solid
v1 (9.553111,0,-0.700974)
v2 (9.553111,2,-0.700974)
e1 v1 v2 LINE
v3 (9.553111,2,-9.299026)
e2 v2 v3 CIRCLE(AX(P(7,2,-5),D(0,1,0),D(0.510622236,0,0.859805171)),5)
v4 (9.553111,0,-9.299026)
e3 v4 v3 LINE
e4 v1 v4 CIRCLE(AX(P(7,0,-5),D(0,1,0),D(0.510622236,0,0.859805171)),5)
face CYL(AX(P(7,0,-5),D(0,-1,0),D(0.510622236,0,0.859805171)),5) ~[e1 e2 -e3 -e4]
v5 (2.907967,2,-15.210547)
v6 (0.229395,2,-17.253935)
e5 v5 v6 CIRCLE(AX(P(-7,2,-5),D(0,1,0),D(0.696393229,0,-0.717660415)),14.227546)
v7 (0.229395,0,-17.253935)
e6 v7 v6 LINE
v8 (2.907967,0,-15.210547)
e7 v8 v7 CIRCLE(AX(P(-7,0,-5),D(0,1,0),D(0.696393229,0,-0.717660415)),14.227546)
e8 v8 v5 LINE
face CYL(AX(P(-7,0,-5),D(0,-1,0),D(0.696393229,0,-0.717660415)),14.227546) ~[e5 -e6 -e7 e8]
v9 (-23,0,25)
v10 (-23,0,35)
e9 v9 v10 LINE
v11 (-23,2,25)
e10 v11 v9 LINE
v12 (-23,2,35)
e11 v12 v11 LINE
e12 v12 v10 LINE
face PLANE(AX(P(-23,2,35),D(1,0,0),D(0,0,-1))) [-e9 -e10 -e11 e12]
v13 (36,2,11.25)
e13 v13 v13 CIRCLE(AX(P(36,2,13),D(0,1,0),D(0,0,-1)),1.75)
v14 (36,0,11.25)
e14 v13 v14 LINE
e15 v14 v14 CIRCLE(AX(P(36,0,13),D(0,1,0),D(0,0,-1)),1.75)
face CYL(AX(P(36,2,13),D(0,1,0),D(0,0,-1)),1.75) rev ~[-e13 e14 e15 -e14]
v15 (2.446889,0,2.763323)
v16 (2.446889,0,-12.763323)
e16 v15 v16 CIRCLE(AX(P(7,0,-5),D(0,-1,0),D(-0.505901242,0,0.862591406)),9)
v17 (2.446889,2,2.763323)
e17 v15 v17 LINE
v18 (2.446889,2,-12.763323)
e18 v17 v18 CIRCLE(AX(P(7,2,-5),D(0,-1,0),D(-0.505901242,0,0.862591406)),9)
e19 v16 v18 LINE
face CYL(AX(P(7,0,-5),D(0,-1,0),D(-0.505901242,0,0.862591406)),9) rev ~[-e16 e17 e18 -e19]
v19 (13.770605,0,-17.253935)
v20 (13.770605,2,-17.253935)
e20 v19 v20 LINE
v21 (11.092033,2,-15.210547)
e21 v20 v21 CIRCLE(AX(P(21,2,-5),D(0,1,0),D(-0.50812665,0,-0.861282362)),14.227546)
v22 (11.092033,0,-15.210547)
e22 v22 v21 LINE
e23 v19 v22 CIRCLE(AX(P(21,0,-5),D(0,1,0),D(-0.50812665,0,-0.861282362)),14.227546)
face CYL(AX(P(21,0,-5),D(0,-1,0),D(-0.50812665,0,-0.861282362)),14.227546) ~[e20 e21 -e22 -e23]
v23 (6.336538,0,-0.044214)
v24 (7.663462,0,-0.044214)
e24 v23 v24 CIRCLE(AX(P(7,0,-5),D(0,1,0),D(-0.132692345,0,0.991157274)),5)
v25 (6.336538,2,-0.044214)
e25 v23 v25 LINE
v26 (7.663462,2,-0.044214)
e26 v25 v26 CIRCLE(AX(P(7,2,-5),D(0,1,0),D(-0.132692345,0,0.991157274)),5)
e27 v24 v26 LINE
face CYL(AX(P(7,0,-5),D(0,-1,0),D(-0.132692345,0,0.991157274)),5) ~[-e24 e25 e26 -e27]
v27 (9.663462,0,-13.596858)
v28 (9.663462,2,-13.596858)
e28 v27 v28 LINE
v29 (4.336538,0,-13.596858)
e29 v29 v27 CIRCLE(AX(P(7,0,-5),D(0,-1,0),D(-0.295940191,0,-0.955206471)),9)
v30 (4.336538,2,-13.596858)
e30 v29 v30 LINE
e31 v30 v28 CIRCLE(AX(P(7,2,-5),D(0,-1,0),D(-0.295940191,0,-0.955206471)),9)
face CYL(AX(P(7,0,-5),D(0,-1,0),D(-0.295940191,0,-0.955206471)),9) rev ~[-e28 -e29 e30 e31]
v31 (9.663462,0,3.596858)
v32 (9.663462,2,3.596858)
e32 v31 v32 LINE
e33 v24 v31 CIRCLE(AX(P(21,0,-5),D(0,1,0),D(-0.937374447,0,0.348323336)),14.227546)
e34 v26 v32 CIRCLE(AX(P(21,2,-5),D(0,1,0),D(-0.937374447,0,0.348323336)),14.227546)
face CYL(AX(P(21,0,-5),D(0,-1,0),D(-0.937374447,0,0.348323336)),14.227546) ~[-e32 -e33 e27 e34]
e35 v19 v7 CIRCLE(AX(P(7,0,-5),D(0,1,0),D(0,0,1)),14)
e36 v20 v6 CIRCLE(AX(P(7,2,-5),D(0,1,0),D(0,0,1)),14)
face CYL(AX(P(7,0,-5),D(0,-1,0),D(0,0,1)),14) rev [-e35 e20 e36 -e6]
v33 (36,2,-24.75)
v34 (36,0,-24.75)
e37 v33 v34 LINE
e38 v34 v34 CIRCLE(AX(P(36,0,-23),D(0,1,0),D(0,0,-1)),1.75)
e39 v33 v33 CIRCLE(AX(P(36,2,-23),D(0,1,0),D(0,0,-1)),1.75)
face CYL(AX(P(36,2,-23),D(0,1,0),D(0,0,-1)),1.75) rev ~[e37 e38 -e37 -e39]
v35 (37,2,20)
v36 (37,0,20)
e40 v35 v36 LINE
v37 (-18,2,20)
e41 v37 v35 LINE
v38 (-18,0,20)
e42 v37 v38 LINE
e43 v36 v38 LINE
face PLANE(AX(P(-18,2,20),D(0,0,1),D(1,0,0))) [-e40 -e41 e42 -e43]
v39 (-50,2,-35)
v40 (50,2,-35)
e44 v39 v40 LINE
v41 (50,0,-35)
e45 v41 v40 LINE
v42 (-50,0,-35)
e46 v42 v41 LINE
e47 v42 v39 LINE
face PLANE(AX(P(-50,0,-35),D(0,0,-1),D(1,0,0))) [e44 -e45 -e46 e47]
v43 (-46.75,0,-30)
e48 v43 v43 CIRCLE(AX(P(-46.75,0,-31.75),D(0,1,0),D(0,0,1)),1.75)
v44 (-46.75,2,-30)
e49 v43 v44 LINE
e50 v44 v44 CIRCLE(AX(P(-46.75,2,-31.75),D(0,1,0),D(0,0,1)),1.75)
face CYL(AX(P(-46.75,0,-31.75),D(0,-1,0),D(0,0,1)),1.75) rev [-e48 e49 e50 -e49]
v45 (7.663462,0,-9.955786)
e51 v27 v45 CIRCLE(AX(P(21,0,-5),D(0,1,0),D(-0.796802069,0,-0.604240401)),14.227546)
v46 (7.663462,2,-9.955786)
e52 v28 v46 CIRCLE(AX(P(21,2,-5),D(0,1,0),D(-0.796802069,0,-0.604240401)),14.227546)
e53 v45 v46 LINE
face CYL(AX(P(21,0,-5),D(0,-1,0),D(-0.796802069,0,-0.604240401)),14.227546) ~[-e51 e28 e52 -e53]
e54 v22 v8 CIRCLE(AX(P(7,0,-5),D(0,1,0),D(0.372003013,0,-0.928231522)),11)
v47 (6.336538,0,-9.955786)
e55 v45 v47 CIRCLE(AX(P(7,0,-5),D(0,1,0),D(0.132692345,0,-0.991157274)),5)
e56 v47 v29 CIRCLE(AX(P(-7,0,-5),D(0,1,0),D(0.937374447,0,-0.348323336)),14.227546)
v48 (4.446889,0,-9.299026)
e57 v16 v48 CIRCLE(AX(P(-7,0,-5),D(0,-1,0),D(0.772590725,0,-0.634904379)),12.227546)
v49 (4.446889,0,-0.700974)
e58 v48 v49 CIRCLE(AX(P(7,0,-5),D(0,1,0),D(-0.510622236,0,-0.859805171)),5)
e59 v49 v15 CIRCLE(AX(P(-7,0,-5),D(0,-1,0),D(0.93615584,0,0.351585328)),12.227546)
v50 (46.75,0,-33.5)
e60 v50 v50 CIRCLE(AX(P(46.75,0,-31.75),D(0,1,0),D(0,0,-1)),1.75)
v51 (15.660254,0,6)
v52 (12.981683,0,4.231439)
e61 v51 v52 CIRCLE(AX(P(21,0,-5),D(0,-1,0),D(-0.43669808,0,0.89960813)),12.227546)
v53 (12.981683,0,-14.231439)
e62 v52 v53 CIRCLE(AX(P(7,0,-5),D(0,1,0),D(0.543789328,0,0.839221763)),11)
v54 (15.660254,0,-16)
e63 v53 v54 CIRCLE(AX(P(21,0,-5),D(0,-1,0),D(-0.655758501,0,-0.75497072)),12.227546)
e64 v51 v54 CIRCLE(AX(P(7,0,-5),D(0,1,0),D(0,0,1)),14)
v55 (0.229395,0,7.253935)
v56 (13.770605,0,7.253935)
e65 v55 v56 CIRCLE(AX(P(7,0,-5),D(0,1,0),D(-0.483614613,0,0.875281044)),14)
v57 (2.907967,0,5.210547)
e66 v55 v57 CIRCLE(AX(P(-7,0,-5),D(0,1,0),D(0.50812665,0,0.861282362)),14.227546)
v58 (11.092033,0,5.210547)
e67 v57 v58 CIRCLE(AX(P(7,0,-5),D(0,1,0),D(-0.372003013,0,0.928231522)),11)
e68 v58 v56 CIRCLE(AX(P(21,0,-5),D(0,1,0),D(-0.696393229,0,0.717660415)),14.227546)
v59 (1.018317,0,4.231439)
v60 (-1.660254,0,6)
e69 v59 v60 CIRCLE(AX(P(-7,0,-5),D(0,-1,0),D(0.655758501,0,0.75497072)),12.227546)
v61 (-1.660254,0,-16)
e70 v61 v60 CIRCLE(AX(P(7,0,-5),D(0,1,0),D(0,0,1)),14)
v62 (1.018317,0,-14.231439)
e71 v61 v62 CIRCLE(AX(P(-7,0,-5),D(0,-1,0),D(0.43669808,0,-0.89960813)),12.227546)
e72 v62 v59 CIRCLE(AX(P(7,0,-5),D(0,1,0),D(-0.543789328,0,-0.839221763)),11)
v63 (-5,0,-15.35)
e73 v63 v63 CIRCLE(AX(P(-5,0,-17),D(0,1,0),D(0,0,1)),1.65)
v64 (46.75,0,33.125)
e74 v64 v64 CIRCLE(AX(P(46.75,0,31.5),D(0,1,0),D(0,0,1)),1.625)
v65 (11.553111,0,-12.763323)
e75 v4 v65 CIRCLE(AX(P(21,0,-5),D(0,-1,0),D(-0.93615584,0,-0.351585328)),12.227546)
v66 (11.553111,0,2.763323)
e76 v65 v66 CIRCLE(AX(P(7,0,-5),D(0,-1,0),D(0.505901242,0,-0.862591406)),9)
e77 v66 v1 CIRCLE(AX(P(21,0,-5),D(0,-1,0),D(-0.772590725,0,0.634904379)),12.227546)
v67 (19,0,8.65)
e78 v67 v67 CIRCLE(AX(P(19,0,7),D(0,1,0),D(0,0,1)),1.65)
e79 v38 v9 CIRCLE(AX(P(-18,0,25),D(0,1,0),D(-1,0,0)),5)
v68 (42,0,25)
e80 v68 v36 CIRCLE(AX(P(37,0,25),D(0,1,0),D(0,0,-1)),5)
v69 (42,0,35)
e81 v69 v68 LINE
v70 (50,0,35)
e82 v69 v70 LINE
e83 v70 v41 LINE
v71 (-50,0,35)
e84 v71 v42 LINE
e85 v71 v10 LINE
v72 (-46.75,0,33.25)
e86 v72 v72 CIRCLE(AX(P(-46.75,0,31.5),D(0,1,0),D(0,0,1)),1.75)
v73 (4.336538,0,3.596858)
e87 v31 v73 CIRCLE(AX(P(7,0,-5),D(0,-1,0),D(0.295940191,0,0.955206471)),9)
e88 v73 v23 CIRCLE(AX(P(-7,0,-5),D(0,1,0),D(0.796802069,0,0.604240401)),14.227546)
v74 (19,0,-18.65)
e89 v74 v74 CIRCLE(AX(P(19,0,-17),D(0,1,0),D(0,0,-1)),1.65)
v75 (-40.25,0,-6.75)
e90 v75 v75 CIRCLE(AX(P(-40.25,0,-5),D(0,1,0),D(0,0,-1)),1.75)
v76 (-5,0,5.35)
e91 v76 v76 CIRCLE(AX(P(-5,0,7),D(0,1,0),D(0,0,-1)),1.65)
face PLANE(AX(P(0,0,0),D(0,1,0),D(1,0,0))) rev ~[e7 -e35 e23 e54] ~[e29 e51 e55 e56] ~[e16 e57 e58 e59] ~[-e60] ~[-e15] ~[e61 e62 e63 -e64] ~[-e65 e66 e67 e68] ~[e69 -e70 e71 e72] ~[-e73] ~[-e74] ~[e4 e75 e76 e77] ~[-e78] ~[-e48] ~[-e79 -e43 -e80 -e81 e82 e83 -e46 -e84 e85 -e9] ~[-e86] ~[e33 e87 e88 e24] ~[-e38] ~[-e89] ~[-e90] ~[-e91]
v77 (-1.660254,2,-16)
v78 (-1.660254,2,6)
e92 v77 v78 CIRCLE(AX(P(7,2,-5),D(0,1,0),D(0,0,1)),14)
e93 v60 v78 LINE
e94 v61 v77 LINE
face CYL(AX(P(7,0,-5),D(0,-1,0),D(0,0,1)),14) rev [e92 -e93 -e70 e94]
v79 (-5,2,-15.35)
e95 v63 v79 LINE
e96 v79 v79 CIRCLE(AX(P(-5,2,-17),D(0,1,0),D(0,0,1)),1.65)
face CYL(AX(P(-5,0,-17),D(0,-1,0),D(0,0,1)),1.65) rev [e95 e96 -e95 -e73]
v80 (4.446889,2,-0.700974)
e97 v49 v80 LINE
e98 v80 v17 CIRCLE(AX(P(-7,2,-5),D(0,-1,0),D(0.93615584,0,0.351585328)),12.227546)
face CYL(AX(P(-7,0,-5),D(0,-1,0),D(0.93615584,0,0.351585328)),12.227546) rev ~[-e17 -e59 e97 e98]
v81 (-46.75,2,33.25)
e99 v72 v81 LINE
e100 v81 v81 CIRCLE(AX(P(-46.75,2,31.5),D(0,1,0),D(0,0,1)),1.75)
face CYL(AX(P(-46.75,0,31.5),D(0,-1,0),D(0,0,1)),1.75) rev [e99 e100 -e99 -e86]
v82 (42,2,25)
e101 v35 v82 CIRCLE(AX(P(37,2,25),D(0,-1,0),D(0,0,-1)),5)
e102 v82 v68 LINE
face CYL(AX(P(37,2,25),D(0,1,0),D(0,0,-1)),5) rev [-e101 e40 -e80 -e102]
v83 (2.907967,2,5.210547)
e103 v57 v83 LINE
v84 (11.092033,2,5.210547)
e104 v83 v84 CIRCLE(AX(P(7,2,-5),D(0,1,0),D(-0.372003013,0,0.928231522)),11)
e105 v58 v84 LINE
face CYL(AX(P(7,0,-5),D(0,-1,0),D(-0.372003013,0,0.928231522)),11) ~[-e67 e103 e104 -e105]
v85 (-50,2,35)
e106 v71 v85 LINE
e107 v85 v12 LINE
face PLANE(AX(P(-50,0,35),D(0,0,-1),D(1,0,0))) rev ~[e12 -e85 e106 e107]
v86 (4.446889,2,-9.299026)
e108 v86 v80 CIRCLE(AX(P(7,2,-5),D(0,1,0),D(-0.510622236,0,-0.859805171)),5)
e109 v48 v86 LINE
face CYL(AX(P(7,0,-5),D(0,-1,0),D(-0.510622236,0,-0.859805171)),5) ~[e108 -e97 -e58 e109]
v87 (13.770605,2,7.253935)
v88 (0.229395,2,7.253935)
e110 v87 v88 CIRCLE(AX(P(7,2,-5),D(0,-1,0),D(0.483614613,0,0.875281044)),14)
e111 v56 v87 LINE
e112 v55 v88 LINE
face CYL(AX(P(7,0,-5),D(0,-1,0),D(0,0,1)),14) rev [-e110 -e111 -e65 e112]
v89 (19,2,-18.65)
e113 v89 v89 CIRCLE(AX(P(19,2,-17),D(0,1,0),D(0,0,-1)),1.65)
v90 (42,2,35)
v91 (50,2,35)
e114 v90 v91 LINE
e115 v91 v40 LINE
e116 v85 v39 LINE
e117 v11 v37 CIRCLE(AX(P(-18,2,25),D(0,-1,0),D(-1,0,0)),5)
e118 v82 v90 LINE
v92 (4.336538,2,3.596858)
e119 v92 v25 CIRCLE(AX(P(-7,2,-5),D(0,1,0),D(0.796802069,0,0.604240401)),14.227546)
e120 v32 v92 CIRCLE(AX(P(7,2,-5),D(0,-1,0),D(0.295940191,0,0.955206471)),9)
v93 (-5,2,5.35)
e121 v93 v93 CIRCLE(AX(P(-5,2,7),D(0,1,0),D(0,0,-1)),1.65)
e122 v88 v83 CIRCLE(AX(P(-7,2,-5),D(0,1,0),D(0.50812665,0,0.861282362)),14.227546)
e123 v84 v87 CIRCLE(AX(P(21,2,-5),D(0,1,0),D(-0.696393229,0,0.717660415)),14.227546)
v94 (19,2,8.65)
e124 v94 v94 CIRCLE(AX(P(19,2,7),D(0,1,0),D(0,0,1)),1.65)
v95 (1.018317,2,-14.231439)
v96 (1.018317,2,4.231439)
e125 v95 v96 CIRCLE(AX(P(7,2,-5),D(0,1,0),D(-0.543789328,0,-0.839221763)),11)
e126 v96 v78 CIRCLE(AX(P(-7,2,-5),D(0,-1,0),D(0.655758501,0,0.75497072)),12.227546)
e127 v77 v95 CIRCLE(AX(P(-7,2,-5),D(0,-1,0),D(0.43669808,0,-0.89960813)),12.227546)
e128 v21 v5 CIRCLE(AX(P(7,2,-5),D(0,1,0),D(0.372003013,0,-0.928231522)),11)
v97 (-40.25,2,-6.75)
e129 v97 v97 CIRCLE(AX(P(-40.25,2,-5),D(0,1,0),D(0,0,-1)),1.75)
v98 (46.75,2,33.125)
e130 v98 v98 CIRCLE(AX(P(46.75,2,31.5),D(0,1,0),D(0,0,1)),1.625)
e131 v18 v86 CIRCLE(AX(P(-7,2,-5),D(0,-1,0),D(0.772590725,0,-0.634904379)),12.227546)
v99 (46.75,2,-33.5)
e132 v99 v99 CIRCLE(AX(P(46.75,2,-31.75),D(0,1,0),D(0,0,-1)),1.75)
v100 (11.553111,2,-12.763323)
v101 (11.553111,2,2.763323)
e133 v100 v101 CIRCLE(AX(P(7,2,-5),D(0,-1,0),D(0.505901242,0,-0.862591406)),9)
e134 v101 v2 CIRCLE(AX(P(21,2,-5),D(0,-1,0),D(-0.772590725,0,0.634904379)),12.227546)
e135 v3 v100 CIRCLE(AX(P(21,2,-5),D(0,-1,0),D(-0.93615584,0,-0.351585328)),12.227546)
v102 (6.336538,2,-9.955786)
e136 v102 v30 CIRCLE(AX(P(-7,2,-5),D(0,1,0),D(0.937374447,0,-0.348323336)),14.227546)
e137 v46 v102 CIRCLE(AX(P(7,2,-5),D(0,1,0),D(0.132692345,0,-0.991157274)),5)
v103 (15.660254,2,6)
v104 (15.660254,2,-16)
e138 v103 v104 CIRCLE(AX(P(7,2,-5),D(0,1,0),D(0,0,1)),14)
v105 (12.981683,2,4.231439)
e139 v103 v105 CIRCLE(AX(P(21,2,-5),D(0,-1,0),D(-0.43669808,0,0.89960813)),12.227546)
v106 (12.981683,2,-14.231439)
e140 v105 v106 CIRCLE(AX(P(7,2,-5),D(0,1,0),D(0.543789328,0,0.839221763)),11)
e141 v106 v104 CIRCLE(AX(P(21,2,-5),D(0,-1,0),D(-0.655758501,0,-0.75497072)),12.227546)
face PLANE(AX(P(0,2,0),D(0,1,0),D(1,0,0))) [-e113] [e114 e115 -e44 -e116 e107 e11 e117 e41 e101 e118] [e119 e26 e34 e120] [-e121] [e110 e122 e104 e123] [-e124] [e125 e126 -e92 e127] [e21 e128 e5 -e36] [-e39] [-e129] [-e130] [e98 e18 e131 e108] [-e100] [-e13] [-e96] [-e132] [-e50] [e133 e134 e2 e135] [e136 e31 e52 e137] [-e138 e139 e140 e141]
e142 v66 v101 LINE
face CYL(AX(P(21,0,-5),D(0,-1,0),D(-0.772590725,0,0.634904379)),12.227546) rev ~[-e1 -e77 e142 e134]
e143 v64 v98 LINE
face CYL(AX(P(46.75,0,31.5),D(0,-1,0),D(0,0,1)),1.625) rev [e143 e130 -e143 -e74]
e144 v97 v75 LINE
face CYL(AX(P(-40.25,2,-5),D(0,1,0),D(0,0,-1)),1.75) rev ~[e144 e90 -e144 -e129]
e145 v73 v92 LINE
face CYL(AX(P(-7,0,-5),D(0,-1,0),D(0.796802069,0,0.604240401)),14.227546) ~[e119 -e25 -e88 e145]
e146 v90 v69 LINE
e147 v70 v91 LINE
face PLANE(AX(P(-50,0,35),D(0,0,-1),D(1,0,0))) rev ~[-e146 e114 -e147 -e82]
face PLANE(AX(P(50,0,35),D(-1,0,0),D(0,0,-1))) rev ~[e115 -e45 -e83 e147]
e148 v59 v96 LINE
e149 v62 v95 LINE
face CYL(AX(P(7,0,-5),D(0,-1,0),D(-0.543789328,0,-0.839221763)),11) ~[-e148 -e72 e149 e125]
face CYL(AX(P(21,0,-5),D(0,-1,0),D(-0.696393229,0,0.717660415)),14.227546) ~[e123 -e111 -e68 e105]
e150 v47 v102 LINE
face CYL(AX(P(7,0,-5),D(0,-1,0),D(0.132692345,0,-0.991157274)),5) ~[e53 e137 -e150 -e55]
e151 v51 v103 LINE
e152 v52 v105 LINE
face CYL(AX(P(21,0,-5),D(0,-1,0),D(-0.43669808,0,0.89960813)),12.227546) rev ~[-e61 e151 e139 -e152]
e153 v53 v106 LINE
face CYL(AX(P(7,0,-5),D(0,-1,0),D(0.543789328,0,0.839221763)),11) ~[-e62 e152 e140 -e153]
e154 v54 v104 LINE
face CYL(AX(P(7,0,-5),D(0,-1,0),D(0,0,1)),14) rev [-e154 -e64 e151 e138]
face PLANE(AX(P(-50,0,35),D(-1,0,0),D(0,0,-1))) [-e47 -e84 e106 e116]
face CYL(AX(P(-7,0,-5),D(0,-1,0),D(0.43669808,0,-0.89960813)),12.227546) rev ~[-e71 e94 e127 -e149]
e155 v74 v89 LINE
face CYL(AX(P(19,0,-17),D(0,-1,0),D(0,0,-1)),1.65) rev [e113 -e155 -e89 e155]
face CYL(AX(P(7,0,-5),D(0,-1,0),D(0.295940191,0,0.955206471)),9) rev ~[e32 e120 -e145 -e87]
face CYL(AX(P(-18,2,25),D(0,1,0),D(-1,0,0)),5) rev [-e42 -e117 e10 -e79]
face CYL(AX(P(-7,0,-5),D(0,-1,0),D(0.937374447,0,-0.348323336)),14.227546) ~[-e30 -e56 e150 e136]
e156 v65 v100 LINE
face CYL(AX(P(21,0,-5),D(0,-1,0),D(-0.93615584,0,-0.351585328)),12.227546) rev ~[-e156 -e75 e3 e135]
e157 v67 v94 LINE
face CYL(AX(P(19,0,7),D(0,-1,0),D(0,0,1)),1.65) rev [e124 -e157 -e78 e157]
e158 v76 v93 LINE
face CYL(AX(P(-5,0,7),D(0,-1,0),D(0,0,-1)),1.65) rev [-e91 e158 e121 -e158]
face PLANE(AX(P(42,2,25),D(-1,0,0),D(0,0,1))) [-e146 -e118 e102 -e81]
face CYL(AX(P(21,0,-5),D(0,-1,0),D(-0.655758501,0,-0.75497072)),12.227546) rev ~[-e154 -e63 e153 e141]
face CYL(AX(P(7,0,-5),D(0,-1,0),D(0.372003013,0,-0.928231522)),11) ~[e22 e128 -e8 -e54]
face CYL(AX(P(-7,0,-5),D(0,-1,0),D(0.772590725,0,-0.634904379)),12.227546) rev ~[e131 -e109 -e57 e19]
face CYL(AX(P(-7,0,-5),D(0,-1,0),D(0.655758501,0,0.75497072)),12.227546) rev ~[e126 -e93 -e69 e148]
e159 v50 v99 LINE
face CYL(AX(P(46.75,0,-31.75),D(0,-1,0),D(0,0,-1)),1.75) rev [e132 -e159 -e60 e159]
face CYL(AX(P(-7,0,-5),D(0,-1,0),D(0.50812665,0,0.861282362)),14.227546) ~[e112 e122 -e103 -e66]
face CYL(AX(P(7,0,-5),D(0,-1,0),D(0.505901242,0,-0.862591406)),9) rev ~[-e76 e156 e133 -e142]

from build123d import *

# Parameters (mm, degrees)
SKETCH1_W           = 100
SKETCH1_H           = 70
SKETCH1_R           = 1.75
SKETCH1_R_2         = 1.625
SKETCH1_R_3         = 14
SKETCH1_R_4         = 1.65
BOSS_EXTRUDE2_DEPTH = 2
CUT_EXTRUDE1_REACH  = 63.066
BOSS_EXTRUDE5_START = -2
BOSS_EXTRUDE5_DEPTH = 2
SKETCH11_R          = 1.75
CUT_EXTRUDE3_DEPTH  = 62.065538563


with BuildPart() as part:
    # Sketch1 → Boss-Extrude2 (new body)
    with BuildSketch(Plane(origin=(0, 0, 0), x_dir=(1, 0, 0), z_dir=(0, 1, 0))):
        Rectangle(SKETCH1_W, SKETCH1_H)
        with Locations(Location((-46.75, 31.75, 0), (0, 0, 270))):
            Circle(SKETCH1_R, mode=Mode.SUBTRACT)
        with Locations(Location((46.75, 31.75, 0), (0, 0, 90))):
            Circle(SKETCH1_R, mode=Mode.SUBTRACT)
        with Locations(Location((-46.75, -31.5, 0), (0, 0, 270))):
            Circle(SKETCH1_R, mode=Mode.SUBTRACT)
        with Locations(Location((46.75, -31.5, 0), (0, 0, 270))):
            Circle(SKETCH1_R_2, mode=Mode.SUBTRACT)
        with Locations(Location((7, 5, 0), (0, 0, 270))):
            Circle(SKETCH1_R_3, mode=Mode.SUBTRACT)
        with Locations(Location((-5, 17, 0), (0, 0, 270))):
            Circle(SKETCH1_R_4, mode=Mode.SUBTRACT)
        with Locations(Location((-5, -7, 0), (0, 0, 90))):
            Circle(SKETCH1_R_4, mode=Mode.SUBTRACT)
        with Locations(Location((19, -7, 0), (0, 0, 270))):
            Circle(SKETCH1_R_4, mode=Mode.SUBTRACT)
        with Locations(Location((19, 17, 0), (0, 0, 90))):
            Circle(SKETCH1_R_4, mode=Mode.SUBTRACT)
    extrude(amount=BOSS_EXTRUDE2_DEPTH)

    # Sketch2 → Cut-Extrude1 (cut, up to next)
    with BuildSketch(Plane(origin=(0, 2, 0), x_dir=(1, 0, 0), z_dir=(0, 1, 0)), mode=Mode.PRIVATE) as cut_extrude1_sk1:
        with BuildLine():
            Line((-18, -20), (37, -20))
            ThreePointArc((37, -20), (40.535533906, -21.464466094), (42, -25))
            Line((42, -25), (42, -35))
            Line((42, -35), (-23, -35))
            Line((-23, -35), (-23, -25))
            ThreePointArc((-23, -25), (-21.535533906, -21.464466094), (-18, -20))
        make_face()
    cut_extrude1_tool1 = extrude(cut_extrude1_sk1.sketch, amount=-CUT_EXTRUDE1_REACH, mode=Mode.PRIVATE) & part.part
    add(cut_extrude1_tool1.solids().sort_by_distance((9.5, 2, 27.57103))[0], mode=Mode.SUBTRACT)

    # Sketch3 → Boss-Extrude5 (add)
    with BuildSketch(Plane(origin=(0, 2, 0), x_dir=(1, 0, 0), z_dir=(0, 1, 0)).offset(BOSS_EXTRUDE5_START)):
        with BuildLine():
            ThreePointArc((2.907966853, -5.21054674), (7, -6), (11.092033147, -5.21054674))
            ThreePointArc((11.092033147, -5.21054674), (12.370622562, -6.311804318), (13.770604576, -7.25393462))
            ThreePointArc((13.770604576, -7.25393462), (14.740861541, -6.665293078), (15.660254038, -6))
            ThreePointArc((15.660254038, -6), (14.262684823, -5.203992902), (12.981682609, -4.231439387))
            ThreePointArc((12.981682609, -4.231439387), (18, 5), (12.981682609, 14.231439387))
            ThreePointArc((12.981682609, 14.231439387), (14.262684823, 15.203992902), (15.660254038, 16))
            ThreePointArc((15.660254038, 16), (14.740861541, 16.665293078), (13.770604576, 17.25393462))
            ThreePointArc((13.770604576, 17.25393462), (12.370622562, 16.311804318), (11.092033147, 15.21054674))
            ThreePointArc((11.092033147, 15.21054674), (7, 16), (2.907966853, 15.21054674))
            ThreePointArc((2.907966853, 15.21054674), (1.629377438, 16.311804318), (0.229395424, 17.25393462))
            ThreePointArc((0.229395424, 17.25393462), (-0.740861541, 16.665293078), (-1.660254038, 16))
            ThreePointArc((-1.660254038, 16), (-0.262684823, 15.203992902), (1.018317391, 14.231439387))
            ThreePointArc((1.018317391, 14.231439387), (-4, 5), (1.018317391, -4.231439387))
            ThreePointArc((1.018317391, -4.231439387), (-0.262684823, -5.203992902), (-1.660254038, -6))
            ThreePointArc((-1.660254038, -6), (-0.740861541, -6.665293078), (0.229395424, -7.25393462))
            ThreePointArc((0.229395424, -7.25393462), (1.629377438, -6.311804318), (2.907966853, -5.21054674))
        make_face()
        with BuildLine():
            ThreePointArc((6.336538282, 0.04421363), (7, 0), (7.663461718, 0.04421363))
            ThreePointArc((7.663461718, 0.04421363), (8.529854537, -1.849711236), (9.663461718, -3.596858244))
            ThreePointArc((9.663461718, -3.596858244), (7, -4), (4.336538282, -3.596858244))
            ThreePointArc((4.336538282, -3.596858244), (5.470145463, -1.849711236), (6.336538282, 0.04421363))
        make_face(mode=Mode.SUBTRACT)
        with BuildLine():
            ThreePointArc((4.446888819, 9.299025855), (2, 5), (4.446888819, 0.700974145))
            ThreePointArc((4.446888819, 0.700974145), (3.589514818, -1.113514772), (2.446888819, -2.763322651))
            ThreePointArc((2.446888819, -2.763322651), (-2, 5), (2.446888819, 12.763322651))
            ThreePointArc((2.446888819, 12.763322651), (3.589514818, 11.113514772), (4.446888819, 9.299025855))
        make_face(mode=Mode.SUBTRACT)
        with BuildLine():
            ThreePointArc((9.663461718, 13.596858244), (8.529854537, 11.849711236), (7.663461718, 9.95578637))
            ThreePointArc((7.663461718, 9.95578637), (7, 10), (6.336538282, 9.95578637))
            ThreePointArc((6.336538282, 9.95578637), (5.470145463, 11.849711236), (4.336538282, 13.596858244))
            ThreePointArc((4.336538282, 13.596858244), (7, 14), (9.663461718, 13.596858244))
        make_face(mode=Mode.SUBTRACT)
        with BuildLine():
            ThreePointArc((11.553111181, -2.763322651), (10.410485182, -1.113514772), (9.553111181, 0.700974145))
            ThreePointArc((9.553111181, 0.700974145), (12, 5), (9.553111181, 9.299025855))
            ThreePointArc((9.553111181, 9.299025855), (10.410485182, 11.113514772), (11.553111181, 12.763322651))
            ThreePointArc((11.553111181, 12.763322651), (16, 5), (11.553111181, -2.763322651))
        make_face(mode=Mode.SUBTRACT)
    extrude(amount=BOSS_EXTRUDE5_DEPTH)

    # Sketch11 → Cut-Extrude3 (cut, through all)
    with BuildSketch(Plane(origin=(0, 2, 0), x_dir=(1, 0, 0), z_dir=(0, 1, 0))):
        with Locations(Location((-40.25, 5, 0), (0, 0, 90))):
            Circle(SKETCH11_R)
        with Locations(Location((36, 23, 0), (0, 0, 90))):
            Circle(SKETCH11_R)
        with Locations(Location((36, -13, 0), (0, 0, 90))):
            Circle(SKETCH11_R)
    extrude(amount=-CUT_EXTRUDE3_DEPTH, mode=Mode.SUBTRACT)


solid = part.part
